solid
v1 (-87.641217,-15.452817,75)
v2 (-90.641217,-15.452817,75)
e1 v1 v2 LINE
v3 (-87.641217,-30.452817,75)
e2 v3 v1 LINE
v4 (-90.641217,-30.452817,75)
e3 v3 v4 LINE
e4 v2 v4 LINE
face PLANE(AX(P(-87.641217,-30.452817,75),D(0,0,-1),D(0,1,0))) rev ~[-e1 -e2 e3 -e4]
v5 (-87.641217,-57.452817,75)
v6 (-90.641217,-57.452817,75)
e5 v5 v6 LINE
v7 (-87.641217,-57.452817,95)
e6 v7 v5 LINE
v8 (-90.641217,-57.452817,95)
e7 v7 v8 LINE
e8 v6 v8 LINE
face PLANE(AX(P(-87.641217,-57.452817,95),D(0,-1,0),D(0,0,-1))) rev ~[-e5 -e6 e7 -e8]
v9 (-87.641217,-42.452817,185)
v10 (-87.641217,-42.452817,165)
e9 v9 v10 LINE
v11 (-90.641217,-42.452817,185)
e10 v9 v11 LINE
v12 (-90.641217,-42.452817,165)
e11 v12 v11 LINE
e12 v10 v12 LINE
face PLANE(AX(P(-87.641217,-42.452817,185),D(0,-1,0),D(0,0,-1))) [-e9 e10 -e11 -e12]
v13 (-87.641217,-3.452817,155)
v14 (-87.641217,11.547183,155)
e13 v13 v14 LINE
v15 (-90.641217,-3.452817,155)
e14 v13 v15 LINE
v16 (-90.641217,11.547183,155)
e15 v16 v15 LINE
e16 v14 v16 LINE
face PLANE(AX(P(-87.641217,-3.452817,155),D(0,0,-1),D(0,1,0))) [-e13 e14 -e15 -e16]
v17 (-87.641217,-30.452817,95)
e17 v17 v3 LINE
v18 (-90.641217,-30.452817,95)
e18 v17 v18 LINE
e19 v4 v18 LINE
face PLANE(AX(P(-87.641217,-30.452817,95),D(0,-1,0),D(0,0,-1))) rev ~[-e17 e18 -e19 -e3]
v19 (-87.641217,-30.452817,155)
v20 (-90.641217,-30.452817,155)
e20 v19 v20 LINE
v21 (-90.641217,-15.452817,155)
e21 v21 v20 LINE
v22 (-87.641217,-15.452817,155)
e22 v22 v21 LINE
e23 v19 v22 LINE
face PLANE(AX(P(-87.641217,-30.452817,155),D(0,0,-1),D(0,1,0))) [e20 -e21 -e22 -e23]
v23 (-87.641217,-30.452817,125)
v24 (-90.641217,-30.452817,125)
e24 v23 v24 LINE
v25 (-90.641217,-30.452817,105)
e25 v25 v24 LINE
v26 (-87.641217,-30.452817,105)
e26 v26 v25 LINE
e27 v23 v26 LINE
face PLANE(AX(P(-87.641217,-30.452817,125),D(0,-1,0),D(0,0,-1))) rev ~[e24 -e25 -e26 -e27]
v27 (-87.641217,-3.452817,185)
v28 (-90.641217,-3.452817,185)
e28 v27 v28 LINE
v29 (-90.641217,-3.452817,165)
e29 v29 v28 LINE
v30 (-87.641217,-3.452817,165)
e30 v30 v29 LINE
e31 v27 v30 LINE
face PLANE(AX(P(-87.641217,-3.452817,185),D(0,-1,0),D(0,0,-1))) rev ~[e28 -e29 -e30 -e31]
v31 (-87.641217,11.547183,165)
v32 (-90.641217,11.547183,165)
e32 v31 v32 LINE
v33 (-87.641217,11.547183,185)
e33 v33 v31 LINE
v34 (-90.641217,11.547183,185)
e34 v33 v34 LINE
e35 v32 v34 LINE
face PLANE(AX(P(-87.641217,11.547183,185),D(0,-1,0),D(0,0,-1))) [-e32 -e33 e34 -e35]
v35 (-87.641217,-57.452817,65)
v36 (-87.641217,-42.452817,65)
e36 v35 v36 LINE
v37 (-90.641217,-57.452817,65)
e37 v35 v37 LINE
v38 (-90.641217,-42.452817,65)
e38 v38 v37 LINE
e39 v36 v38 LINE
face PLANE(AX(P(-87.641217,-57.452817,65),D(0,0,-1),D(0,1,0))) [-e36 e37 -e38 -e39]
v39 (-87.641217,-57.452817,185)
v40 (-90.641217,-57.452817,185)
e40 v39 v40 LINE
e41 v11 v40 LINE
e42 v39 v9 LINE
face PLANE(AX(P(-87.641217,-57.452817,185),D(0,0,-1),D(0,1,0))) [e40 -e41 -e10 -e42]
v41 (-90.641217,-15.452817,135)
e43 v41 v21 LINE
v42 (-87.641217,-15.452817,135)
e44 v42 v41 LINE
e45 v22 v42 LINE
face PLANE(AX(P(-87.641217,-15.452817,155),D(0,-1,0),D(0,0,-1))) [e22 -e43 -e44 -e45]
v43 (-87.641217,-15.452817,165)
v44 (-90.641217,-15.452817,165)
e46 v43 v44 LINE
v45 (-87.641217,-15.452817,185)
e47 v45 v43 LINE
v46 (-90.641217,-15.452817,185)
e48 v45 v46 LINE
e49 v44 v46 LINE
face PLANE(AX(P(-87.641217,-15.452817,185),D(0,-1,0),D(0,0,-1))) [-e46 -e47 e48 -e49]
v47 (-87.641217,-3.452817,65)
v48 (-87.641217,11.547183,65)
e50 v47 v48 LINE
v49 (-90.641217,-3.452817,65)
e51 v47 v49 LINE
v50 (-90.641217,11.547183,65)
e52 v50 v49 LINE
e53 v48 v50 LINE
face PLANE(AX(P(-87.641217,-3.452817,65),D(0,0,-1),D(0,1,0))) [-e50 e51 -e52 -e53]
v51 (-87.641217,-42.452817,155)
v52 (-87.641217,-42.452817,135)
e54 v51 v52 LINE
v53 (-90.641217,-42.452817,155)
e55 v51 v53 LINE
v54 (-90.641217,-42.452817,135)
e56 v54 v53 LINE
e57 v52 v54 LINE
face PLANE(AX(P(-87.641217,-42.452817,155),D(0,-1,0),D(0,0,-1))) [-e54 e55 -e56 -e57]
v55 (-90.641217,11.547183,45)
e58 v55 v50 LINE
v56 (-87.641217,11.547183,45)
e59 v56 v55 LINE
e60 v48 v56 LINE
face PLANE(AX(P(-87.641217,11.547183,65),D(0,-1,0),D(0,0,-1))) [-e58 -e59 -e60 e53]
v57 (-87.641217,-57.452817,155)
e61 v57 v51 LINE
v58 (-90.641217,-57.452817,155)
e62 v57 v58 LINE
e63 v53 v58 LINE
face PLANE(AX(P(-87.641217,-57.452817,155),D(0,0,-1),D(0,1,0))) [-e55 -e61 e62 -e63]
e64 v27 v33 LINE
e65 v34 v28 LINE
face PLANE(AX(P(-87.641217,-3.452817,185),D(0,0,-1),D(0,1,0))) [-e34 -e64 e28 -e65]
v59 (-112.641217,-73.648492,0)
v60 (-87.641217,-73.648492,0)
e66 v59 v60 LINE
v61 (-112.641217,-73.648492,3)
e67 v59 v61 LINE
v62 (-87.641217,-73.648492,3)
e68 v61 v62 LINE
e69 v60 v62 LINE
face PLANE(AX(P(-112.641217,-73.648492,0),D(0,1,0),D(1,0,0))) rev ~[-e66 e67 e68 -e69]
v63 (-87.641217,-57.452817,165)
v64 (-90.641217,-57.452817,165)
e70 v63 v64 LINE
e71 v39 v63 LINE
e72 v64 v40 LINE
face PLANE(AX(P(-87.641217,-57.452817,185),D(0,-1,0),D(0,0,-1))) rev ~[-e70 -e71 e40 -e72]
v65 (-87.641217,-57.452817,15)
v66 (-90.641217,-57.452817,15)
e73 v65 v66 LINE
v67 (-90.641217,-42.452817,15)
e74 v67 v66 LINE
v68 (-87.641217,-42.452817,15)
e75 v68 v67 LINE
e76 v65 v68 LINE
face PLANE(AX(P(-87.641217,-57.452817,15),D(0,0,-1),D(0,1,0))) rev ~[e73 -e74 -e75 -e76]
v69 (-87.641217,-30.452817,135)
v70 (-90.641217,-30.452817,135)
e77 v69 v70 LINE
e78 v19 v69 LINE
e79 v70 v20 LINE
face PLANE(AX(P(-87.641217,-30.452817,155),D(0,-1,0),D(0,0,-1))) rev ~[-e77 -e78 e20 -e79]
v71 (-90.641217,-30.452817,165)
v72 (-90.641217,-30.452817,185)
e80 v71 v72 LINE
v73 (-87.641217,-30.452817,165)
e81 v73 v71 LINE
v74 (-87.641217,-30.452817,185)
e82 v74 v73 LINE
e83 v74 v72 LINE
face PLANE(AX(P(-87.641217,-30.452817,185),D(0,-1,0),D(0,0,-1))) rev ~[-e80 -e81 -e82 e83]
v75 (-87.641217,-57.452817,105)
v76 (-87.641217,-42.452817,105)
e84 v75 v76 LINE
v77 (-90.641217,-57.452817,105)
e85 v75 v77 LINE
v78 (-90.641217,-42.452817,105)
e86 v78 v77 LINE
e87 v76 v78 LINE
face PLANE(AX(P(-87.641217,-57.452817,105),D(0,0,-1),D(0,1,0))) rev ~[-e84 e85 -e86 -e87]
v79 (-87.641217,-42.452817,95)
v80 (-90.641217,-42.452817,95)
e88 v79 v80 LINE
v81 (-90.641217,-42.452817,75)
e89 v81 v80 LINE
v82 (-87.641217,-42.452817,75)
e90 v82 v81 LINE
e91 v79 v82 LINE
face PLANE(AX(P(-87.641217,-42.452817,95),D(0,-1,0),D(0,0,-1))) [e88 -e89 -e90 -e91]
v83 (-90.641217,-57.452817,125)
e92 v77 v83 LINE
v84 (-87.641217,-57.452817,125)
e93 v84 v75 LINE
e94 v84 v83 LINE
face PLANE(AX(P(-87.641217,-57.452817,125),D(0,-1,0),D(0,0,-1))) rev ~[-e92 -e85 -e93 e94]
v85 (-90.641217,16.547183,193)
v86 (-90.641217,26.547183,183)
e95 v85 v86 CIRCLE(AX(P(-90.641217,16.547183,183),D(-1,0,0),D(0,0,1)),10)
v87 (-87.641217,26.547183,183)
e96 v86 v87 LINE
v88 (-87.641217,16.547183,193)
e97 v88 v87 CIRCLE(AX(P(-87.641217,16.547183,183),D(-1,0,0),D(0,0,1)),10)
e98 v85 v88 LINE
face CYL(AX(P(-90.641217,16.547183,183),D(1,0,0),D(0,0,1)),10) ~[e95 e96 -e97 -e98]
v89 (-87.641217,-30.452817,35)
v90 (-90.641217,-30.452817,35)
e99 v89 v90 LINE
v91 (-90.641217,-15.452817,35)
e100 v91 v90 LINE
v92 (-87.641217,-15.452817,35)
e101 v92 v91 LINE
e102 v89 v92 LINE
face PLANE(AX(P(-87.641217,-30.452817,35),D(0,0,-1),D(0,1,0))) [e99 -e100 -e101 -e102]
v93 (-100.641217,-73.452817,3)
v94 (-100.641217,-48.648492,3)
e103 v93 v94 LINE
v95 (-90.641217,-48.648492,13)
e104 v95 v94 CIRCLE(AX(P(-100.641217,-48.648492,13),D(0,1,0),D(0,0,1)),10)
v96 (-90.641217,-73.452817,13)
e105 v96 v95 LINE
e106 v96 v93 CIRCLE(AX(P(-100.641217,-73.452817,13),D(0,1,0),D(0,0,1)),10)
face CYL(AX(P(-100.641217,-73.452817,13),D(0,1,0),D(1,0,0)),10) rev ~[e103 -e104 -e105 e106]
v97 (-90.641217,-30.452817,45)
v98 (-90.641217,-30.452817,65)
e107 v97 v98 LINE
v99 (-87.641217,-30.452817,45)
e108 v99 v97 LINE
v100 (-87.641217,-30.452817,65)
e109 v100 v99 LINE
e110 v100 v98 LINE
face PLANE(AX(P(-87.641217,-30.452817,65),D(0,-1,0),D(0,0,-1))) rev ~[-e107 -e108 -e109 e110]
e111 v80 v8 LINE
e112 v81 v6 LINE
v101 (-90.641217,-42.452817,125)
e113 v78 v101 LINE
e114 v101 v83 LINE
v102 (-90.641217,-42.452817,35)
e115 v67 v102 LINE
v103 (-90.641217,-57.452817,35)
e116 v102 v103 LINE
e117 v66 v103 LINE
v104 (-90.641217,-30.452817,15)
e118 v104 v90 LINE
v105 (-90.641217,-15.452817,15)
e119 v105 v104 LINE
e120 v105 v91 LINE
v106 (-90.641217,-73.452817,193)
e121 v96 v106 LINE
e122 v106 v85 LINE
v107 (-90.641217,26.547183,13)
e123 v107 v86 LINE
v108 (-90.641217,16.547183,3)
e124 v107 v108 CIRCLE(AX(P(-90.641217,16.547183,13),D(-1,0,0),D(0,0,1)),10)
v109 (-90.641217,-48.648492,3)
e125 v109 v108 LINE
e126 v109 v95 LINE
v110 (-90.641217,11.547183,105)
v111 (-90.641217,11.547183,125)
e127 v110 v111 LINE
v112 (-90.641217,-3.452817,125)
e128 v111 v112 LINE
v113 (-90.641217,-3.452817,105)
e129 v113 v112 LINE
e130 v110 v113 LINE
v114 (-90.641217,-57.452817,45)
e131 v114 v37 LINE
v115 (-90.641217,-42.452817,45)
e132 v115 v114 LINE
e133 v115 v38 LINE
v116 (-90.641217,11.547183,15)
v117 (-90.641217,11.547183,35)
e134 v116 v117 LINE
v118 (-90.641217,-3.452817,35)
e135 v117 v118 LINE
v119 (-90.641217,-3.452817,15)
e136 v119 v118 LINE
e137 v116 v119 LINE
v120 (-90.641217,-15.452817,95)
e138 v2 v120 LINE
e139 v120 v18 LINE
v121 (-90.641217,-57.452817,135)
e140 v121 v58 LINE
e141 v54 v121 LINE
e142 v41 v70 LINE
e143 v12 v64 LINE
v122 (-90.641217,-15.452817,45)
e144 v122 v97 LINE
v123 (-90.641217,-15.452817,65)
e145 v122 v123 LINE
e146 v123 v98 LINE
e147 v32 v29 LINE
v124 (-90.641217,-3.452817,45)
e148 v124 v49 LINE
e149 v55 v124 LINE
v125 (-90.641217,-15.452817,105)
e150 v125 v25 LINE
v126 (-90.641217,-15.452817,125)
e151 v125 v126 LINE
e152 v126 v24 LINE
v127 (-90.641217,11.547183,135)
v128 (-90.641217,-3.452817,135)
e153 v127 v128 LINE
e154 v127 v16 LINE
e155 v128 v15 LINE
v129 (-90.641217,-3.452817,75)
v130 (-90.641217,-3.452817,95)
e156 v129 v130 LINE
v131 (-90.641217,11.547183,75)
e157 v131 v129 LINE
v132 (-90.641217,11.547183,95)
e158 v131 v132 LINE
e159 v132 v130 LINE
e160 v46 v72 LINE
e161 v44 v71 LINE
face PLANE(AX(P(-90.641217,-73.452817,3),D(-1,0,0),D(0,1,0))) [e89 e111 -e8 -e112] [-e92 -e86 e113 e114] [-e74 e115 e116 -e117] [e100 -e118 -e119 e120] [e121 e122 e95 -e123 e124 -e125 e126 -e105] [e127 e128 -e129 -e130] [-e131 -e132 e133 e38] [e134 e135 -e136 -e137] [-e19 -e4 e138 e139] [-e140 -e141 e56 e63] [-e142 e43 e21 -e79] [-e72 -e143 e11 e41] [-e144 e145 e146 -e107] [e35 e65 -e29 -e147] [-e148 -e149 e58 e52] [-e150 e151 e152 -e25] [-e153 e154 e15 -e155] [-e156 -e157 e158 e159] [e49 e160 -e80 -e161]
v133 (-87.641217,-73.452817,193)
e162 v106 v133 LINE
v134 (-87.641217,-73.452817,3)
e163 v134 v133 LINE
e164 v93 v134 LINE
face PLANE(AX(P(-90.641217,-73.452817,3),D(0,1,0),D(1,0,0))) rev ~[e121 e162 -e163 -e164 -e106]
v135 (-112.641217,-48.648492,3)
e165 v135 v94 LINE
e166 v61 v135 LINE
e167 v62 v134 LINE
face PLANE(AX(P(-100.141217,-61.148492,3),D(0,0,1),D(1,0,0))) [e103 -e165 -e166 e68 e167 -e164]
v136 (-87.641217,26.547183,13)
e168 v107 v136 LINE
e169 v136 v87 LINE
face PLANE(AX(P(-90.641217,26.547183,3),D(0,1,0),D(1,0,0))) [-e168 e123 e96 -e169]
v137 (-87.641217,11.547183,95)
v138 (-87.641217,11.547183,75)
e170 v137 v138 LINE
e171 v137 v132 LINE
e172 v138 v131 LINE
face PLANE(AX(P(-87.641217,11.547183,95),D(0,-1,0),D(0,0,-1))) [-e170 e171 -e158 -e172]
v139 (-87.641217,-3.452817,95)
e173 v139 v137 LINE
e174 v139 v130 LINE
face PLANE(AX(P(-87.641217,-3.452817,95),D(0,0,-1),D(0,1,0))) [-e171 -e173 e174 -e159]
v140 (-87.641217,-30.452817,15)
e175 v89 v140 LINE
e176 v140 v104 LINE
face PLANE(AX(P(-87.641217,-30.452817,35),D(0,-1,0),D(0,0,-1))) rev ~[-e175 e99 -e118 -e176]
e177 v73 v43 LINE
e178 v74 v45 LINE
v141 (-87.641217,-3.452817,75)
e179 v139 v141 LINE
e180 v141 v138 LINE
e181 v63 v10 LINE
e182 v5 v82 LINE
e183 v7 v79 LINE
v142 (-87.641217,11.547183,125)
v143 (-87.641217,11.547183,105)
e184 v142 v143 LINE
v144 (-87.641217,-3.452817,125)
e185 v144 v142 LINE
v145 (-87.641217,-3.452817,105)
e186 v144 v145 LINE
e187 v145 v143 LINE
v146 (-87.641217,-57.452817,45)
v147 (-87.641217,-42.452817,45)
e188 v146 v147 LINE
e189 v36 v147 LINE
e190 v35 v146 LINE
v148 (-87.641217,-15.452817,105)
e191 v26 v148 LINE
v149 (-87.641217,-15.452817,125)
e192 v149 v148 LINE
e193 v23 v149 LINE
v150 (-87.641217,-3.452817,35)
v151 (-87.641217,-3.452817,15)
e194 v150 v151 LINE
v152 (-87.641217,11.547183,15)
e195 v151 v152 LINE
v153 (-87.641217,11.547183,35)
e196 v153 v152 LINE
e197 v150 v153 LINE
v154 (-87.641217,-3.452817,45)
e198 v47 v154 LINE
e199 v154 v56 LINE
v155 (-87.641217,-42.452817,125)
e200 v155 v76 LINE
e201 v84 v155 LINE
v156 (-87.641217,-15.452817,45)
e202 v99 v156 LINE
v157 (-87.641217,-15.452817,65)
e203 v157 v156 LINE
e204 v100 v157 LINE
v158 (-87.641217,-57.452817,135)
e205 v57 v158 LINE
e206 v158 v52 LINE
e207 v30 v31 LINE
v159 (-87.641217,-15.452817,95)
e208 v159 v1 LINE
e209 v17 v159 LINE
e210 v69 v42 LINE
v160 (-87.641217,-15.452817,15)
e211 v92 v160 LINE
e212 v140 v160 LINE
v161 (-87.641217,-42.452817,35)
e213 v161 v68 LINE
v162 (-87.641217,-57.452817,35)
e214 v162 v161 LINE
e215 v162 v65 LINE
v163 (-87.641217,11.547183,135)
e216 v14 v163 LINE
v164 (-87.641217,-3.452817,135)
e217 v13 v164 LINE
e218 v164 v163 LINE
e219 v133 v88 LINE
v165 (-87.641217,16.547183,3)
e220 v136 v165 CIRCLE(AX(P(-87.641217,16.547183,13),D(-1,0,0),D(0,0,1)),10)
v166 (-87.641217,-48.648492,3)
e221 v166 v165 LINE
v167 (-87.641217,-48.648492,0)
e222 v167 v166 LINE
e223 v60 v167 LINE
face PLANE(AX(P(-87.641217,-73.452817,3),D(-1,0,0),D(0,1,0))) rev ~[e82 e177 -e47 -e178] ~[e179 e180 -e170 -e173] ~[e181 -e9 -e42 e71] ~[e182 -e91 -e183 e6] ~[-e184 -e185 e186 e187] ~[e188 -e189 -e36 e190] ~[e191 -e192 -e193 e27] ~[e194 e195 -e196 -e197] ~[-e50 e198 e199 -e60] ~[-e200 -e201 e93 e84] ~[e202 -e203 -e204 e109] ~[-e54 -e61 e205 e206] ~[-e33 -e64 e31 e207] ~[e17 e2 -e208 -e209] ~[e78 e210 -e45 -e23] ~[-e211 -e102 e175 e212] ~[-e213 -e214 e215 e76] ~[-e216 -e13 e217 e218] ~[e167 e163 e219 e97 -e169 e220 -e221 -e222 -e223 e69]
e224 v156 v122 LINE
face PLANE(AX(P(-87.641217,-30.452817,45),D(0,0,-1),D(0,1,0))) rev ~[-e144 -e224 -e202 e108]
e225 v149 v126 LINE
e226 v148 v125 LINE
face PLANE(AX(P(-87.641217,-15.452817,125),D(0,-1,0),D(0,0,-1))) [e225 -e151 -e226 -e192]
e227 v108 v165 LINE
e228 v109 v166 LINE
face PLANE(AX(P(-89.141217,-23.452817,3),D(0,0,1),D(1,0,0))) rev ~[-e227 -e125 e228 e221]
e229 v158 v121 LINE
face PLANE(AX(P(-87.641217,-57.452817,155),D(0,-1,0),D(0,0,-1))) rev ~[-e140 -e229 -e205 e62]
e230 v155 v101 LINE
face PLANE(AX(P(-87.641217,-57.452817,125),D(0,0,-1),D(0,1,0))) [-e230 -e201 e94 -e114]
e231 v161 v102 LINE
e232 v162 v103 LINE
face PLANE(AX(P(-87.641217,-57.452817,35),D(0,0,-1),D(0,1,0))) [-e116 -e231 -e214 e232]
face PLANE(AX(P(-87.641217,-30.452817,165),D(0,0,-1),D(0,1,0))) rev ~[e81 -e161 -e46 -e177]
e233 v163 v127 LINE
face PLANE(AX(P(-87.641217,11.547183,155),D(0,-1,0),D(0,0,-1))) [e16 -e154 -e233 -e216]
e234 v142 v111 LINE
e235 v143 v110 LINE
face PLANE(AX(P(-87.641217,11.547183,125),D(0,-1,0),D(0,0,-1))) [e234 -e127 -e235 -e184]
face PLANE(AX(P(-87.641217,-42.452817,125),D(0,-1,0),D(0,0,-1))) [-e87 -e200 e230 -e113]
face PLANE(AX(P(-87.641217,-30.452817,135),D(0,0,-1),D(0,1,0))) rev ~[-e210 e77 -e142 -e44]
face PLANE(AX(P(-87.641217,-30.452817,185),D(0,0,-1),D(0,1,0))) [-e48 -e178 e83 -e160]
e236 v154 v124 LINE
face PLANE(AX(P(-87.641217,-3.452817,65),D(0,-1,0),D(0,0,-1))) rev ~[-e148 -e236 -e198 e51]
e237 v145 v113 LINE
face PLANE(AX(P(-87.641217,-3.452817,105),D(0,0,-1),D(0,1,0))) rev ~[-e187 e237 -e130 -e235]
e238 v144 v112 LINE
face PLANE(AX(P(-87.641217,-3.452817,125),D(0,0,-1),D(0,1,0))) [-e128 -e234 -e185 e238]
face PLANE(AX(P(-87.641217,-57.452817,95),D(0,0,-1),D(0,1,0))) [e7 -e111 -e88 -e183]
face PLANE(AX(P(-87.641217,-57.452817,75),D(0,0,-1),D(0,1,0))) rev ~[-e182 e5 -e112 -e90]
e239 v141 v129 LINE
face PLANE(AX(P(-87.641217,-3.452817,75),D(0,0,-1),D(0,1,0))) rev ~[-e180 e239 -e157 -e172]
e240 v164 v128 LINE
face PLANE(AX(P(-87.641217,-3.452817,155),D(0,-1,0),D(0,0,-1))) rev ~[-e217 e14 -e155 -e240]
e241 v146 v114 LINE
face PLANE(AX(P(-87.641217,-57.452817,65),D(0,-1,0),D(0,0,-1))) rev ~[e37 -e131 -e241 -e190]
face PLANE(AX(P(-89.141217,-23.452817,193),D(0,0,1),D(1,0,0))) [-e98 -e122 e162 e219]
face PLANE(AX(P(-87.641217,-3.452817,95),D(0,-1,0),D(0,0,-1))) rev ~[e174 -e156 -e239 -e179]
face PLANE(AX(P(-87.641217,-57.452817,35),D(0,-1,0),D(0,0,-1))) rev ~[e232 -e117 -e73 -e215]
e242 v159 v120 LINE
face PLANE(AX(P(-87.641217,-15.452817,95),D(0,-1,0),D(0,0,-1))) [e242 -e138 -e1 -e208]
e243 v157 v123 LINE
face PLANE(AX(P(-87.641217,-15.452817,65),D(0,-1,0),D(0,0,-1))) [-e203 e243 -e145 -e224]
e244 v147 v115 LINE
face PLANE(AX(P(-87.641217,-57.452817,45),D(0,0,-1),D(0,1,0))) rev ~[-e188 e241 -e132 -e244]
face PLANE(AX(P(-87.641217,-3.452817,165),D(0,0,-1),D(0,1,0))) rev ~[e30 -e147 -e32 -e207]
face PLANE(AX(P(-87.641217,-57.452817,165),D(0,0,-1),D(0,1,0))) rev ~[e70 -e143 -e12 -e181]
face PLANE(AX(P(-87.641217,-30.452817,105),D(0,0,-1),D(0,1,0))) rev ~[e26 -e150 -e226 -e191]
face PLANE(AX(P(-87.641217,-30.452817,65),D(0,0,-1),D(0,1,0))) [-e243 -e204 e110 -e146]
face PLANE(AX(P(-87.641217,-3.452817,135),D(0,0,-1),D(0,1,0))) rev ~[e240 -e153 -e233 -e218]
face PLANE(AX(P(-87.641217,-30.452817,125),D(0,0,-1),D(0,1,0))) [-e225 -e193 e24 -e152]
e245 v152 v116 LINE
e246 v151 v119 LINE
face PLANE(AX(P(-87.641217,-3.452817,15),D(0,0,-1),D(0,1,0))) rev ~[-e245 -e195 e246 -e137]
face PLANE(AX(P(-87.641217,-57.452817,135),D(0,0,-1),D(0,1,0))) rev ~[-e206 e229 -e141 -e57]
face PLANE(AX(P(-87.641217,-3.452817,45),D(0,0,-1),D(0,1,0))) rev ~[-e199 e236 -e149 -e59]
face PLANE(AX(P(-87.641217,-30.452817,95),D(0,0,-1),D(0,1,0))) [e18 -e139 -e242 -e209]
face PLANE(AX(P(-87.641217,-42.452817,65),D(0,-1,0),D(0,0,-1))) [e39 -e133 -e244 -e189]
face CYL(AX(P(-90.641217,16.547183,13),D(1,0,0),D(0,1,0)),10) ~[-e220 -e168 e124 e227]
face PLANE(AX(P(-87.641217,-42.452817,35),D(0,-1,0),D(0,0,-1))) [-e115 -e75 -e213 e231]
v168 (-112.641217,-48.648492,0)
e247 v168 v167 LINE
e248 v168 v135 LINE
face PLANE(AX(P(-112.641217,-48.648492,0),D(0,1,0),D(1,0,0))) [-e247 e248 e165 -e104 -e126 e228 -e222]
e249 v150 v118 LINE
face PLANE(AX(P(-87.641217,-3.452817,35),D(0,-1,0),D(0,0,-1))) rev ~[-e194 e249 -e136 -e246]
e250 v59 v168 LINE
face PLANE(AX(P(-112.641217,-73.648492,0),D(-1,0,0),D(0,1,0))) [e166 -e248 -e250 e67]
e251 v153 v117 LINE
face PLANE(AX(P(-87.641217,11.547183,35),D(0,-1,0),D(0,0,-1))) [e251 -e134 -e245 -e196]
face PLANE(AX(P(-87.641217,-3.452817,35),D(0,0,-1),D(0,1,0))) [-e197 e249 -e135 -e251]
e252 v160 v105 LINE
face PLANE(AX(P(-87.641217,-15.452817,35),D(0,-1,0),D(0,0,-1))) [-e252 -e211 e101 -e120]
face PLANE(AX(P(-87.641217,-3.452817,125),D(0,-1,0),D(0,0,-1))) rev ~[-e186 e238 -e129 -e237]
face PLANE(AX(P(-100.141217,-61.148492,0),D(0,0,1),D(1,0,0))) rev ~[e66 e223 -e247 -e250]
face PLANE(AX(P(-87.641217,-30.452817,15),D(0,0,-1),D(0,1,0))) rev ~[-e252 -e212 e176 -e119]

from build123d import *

# Parameters (mm, degrees)
SKETCH_1_W          = 25
SKETCH_1_H          = 25
EXTRUDE_1_DEPTH     = 3
SKETCH_2_W          = 3
SKETCH_2_H          = 100
EXTRUDE_2_DEPTH     = 190
FILLET_1_R          = 10
SKETCH_3_W          = 20
SKETCH_3_H          = 15
CUT_EXTRUDE_2_DEPTH = 10
FILLET_2_R          = 10
FILLET_3_R          = 10


with BuildPart() as part:
    # 草图1 → 凸台-拉伸1 (new body)
    with BuildSketch(Plane.XY):
        with Locations((-100.141216583, -61.148491789)):
            Rectangle(SKETCH_1_W, SKETCH_1_H)
    extrude(amount=EXTRUDE_1_DEPTH)

    # 草图2 → 凸台-拉伸2 (add)
    with BuildSketch(Plane.XY.offset(3)):
        with Locations((-89.141216583, -23.452816851)):
            Rectangle(SKETCH_2_W, SKETCH_2_H)
    extrude(amount=EXTRUDE_2_DEPTH)

    # 圆角1
    fillet_1_edges = [part.edges().sort_by_distance(p)[0] for p in [
        (-90.641216583, -61.05065432, 3),
    ]]
    fillet(fillet_1_edges, radius=FILLET_1_R)

    # 草图3 → 切除-拉伸2 (cut)
    with BuildSketch(Plane(origin=(-87.641216583, 0, 0), x_dir=(0, 0, -1), z_dir=(1, 0, 0))):
        with Locations((-25, 4.047183149)):
            Rectangle(SKETCH_3_W, SKETCH_3_H)
        with Locations((-55, 4.047183149)):
            Rectangle(SKETCH_3_W, SKETCH_3_H)
        with Locations((-85, 4.047183149)):
            Rectangle(SKETCH_3_W, SKETCH_3_H)
        with Locations((-115, 4.047183149)):
            Rectangle(SKETCH_3_W, SKETCH_3_H)
        with Locations((-145, 4.047183149)):
            Rectangle(SKETCH_3_W, SKETCH_3_H)
        with Locations((-175, 4.047183149)):
            Rectangle(SKETCH_3_W, SKETCH_3_H)
        with Locations((-55, -22.952816851)):
            Rectangle(SKETCH_3_W, SKETCH_3_H)
        with Locations((-85, -22.952816851)):
            Rectangle(SKETCH_3_W, SKETCH_3_H)
        with Locations((-115, -22.952816851)):
            Rectangle(SKETCH_3_W, SKETCH_3_H)
        with Locations((-145, -22.952816851)):
            Rectangle(SKETCH_3_W, SKETCH_3_H)
        with Locations((-175, -22.952816851)):
            Rectangle(SKETCH_3_W, SKETCH_3_H)
        with Locations((-55, -49.952816851)):
            Rectangle(SKETCH_3_W, SKETCH_3_H)
        with Locations((-85, -49.952816851)):
            Rectangle(SKETCH_3_W, SKETCH_3_H)
        with Locations((-115, -49.952816851)):
            Rectangle(SKETCH_3_W, SKETCH_3_H)
        with Locations((-145, -49.952816851)):
            Rectangle(SKETCH_3_W, SKETCH_3_H)
        with Locations((-175, -49.952816851)):
            Rectangle(SKETCH_3_W, SKETCH_3_H)
        with Locations((-25, -22.952816851)):
            Rectangle(SKETCH_3_W, SKETCH_3_H)
        with Locations((-25, -49.952816851)):
            Rectangle(SKETCH_3_W, SKETCH_3_H)
    extrude(amount=-CUT_EXTRUDE_2_DEPTH, mode=Mode.SUBTRACT)

    # 圆角2
    fillet_2_edges = [part.edges().sort_by_distance(p)[0] for p in [
        (-89.141216583, 26.547183149, 193),
    ]]
    fillet(fillet_2_edges, radius=FILLET_2_R)

    # 圆角3
    fillet_3_edges = [part.edges().sort_by_distance(p)[0] for p in [
        (-89.141216583, 26.547183149, 3),
    ]]
    fillet(fillet_3_edges, radius=FILLET_3_R)


solid = part.part
